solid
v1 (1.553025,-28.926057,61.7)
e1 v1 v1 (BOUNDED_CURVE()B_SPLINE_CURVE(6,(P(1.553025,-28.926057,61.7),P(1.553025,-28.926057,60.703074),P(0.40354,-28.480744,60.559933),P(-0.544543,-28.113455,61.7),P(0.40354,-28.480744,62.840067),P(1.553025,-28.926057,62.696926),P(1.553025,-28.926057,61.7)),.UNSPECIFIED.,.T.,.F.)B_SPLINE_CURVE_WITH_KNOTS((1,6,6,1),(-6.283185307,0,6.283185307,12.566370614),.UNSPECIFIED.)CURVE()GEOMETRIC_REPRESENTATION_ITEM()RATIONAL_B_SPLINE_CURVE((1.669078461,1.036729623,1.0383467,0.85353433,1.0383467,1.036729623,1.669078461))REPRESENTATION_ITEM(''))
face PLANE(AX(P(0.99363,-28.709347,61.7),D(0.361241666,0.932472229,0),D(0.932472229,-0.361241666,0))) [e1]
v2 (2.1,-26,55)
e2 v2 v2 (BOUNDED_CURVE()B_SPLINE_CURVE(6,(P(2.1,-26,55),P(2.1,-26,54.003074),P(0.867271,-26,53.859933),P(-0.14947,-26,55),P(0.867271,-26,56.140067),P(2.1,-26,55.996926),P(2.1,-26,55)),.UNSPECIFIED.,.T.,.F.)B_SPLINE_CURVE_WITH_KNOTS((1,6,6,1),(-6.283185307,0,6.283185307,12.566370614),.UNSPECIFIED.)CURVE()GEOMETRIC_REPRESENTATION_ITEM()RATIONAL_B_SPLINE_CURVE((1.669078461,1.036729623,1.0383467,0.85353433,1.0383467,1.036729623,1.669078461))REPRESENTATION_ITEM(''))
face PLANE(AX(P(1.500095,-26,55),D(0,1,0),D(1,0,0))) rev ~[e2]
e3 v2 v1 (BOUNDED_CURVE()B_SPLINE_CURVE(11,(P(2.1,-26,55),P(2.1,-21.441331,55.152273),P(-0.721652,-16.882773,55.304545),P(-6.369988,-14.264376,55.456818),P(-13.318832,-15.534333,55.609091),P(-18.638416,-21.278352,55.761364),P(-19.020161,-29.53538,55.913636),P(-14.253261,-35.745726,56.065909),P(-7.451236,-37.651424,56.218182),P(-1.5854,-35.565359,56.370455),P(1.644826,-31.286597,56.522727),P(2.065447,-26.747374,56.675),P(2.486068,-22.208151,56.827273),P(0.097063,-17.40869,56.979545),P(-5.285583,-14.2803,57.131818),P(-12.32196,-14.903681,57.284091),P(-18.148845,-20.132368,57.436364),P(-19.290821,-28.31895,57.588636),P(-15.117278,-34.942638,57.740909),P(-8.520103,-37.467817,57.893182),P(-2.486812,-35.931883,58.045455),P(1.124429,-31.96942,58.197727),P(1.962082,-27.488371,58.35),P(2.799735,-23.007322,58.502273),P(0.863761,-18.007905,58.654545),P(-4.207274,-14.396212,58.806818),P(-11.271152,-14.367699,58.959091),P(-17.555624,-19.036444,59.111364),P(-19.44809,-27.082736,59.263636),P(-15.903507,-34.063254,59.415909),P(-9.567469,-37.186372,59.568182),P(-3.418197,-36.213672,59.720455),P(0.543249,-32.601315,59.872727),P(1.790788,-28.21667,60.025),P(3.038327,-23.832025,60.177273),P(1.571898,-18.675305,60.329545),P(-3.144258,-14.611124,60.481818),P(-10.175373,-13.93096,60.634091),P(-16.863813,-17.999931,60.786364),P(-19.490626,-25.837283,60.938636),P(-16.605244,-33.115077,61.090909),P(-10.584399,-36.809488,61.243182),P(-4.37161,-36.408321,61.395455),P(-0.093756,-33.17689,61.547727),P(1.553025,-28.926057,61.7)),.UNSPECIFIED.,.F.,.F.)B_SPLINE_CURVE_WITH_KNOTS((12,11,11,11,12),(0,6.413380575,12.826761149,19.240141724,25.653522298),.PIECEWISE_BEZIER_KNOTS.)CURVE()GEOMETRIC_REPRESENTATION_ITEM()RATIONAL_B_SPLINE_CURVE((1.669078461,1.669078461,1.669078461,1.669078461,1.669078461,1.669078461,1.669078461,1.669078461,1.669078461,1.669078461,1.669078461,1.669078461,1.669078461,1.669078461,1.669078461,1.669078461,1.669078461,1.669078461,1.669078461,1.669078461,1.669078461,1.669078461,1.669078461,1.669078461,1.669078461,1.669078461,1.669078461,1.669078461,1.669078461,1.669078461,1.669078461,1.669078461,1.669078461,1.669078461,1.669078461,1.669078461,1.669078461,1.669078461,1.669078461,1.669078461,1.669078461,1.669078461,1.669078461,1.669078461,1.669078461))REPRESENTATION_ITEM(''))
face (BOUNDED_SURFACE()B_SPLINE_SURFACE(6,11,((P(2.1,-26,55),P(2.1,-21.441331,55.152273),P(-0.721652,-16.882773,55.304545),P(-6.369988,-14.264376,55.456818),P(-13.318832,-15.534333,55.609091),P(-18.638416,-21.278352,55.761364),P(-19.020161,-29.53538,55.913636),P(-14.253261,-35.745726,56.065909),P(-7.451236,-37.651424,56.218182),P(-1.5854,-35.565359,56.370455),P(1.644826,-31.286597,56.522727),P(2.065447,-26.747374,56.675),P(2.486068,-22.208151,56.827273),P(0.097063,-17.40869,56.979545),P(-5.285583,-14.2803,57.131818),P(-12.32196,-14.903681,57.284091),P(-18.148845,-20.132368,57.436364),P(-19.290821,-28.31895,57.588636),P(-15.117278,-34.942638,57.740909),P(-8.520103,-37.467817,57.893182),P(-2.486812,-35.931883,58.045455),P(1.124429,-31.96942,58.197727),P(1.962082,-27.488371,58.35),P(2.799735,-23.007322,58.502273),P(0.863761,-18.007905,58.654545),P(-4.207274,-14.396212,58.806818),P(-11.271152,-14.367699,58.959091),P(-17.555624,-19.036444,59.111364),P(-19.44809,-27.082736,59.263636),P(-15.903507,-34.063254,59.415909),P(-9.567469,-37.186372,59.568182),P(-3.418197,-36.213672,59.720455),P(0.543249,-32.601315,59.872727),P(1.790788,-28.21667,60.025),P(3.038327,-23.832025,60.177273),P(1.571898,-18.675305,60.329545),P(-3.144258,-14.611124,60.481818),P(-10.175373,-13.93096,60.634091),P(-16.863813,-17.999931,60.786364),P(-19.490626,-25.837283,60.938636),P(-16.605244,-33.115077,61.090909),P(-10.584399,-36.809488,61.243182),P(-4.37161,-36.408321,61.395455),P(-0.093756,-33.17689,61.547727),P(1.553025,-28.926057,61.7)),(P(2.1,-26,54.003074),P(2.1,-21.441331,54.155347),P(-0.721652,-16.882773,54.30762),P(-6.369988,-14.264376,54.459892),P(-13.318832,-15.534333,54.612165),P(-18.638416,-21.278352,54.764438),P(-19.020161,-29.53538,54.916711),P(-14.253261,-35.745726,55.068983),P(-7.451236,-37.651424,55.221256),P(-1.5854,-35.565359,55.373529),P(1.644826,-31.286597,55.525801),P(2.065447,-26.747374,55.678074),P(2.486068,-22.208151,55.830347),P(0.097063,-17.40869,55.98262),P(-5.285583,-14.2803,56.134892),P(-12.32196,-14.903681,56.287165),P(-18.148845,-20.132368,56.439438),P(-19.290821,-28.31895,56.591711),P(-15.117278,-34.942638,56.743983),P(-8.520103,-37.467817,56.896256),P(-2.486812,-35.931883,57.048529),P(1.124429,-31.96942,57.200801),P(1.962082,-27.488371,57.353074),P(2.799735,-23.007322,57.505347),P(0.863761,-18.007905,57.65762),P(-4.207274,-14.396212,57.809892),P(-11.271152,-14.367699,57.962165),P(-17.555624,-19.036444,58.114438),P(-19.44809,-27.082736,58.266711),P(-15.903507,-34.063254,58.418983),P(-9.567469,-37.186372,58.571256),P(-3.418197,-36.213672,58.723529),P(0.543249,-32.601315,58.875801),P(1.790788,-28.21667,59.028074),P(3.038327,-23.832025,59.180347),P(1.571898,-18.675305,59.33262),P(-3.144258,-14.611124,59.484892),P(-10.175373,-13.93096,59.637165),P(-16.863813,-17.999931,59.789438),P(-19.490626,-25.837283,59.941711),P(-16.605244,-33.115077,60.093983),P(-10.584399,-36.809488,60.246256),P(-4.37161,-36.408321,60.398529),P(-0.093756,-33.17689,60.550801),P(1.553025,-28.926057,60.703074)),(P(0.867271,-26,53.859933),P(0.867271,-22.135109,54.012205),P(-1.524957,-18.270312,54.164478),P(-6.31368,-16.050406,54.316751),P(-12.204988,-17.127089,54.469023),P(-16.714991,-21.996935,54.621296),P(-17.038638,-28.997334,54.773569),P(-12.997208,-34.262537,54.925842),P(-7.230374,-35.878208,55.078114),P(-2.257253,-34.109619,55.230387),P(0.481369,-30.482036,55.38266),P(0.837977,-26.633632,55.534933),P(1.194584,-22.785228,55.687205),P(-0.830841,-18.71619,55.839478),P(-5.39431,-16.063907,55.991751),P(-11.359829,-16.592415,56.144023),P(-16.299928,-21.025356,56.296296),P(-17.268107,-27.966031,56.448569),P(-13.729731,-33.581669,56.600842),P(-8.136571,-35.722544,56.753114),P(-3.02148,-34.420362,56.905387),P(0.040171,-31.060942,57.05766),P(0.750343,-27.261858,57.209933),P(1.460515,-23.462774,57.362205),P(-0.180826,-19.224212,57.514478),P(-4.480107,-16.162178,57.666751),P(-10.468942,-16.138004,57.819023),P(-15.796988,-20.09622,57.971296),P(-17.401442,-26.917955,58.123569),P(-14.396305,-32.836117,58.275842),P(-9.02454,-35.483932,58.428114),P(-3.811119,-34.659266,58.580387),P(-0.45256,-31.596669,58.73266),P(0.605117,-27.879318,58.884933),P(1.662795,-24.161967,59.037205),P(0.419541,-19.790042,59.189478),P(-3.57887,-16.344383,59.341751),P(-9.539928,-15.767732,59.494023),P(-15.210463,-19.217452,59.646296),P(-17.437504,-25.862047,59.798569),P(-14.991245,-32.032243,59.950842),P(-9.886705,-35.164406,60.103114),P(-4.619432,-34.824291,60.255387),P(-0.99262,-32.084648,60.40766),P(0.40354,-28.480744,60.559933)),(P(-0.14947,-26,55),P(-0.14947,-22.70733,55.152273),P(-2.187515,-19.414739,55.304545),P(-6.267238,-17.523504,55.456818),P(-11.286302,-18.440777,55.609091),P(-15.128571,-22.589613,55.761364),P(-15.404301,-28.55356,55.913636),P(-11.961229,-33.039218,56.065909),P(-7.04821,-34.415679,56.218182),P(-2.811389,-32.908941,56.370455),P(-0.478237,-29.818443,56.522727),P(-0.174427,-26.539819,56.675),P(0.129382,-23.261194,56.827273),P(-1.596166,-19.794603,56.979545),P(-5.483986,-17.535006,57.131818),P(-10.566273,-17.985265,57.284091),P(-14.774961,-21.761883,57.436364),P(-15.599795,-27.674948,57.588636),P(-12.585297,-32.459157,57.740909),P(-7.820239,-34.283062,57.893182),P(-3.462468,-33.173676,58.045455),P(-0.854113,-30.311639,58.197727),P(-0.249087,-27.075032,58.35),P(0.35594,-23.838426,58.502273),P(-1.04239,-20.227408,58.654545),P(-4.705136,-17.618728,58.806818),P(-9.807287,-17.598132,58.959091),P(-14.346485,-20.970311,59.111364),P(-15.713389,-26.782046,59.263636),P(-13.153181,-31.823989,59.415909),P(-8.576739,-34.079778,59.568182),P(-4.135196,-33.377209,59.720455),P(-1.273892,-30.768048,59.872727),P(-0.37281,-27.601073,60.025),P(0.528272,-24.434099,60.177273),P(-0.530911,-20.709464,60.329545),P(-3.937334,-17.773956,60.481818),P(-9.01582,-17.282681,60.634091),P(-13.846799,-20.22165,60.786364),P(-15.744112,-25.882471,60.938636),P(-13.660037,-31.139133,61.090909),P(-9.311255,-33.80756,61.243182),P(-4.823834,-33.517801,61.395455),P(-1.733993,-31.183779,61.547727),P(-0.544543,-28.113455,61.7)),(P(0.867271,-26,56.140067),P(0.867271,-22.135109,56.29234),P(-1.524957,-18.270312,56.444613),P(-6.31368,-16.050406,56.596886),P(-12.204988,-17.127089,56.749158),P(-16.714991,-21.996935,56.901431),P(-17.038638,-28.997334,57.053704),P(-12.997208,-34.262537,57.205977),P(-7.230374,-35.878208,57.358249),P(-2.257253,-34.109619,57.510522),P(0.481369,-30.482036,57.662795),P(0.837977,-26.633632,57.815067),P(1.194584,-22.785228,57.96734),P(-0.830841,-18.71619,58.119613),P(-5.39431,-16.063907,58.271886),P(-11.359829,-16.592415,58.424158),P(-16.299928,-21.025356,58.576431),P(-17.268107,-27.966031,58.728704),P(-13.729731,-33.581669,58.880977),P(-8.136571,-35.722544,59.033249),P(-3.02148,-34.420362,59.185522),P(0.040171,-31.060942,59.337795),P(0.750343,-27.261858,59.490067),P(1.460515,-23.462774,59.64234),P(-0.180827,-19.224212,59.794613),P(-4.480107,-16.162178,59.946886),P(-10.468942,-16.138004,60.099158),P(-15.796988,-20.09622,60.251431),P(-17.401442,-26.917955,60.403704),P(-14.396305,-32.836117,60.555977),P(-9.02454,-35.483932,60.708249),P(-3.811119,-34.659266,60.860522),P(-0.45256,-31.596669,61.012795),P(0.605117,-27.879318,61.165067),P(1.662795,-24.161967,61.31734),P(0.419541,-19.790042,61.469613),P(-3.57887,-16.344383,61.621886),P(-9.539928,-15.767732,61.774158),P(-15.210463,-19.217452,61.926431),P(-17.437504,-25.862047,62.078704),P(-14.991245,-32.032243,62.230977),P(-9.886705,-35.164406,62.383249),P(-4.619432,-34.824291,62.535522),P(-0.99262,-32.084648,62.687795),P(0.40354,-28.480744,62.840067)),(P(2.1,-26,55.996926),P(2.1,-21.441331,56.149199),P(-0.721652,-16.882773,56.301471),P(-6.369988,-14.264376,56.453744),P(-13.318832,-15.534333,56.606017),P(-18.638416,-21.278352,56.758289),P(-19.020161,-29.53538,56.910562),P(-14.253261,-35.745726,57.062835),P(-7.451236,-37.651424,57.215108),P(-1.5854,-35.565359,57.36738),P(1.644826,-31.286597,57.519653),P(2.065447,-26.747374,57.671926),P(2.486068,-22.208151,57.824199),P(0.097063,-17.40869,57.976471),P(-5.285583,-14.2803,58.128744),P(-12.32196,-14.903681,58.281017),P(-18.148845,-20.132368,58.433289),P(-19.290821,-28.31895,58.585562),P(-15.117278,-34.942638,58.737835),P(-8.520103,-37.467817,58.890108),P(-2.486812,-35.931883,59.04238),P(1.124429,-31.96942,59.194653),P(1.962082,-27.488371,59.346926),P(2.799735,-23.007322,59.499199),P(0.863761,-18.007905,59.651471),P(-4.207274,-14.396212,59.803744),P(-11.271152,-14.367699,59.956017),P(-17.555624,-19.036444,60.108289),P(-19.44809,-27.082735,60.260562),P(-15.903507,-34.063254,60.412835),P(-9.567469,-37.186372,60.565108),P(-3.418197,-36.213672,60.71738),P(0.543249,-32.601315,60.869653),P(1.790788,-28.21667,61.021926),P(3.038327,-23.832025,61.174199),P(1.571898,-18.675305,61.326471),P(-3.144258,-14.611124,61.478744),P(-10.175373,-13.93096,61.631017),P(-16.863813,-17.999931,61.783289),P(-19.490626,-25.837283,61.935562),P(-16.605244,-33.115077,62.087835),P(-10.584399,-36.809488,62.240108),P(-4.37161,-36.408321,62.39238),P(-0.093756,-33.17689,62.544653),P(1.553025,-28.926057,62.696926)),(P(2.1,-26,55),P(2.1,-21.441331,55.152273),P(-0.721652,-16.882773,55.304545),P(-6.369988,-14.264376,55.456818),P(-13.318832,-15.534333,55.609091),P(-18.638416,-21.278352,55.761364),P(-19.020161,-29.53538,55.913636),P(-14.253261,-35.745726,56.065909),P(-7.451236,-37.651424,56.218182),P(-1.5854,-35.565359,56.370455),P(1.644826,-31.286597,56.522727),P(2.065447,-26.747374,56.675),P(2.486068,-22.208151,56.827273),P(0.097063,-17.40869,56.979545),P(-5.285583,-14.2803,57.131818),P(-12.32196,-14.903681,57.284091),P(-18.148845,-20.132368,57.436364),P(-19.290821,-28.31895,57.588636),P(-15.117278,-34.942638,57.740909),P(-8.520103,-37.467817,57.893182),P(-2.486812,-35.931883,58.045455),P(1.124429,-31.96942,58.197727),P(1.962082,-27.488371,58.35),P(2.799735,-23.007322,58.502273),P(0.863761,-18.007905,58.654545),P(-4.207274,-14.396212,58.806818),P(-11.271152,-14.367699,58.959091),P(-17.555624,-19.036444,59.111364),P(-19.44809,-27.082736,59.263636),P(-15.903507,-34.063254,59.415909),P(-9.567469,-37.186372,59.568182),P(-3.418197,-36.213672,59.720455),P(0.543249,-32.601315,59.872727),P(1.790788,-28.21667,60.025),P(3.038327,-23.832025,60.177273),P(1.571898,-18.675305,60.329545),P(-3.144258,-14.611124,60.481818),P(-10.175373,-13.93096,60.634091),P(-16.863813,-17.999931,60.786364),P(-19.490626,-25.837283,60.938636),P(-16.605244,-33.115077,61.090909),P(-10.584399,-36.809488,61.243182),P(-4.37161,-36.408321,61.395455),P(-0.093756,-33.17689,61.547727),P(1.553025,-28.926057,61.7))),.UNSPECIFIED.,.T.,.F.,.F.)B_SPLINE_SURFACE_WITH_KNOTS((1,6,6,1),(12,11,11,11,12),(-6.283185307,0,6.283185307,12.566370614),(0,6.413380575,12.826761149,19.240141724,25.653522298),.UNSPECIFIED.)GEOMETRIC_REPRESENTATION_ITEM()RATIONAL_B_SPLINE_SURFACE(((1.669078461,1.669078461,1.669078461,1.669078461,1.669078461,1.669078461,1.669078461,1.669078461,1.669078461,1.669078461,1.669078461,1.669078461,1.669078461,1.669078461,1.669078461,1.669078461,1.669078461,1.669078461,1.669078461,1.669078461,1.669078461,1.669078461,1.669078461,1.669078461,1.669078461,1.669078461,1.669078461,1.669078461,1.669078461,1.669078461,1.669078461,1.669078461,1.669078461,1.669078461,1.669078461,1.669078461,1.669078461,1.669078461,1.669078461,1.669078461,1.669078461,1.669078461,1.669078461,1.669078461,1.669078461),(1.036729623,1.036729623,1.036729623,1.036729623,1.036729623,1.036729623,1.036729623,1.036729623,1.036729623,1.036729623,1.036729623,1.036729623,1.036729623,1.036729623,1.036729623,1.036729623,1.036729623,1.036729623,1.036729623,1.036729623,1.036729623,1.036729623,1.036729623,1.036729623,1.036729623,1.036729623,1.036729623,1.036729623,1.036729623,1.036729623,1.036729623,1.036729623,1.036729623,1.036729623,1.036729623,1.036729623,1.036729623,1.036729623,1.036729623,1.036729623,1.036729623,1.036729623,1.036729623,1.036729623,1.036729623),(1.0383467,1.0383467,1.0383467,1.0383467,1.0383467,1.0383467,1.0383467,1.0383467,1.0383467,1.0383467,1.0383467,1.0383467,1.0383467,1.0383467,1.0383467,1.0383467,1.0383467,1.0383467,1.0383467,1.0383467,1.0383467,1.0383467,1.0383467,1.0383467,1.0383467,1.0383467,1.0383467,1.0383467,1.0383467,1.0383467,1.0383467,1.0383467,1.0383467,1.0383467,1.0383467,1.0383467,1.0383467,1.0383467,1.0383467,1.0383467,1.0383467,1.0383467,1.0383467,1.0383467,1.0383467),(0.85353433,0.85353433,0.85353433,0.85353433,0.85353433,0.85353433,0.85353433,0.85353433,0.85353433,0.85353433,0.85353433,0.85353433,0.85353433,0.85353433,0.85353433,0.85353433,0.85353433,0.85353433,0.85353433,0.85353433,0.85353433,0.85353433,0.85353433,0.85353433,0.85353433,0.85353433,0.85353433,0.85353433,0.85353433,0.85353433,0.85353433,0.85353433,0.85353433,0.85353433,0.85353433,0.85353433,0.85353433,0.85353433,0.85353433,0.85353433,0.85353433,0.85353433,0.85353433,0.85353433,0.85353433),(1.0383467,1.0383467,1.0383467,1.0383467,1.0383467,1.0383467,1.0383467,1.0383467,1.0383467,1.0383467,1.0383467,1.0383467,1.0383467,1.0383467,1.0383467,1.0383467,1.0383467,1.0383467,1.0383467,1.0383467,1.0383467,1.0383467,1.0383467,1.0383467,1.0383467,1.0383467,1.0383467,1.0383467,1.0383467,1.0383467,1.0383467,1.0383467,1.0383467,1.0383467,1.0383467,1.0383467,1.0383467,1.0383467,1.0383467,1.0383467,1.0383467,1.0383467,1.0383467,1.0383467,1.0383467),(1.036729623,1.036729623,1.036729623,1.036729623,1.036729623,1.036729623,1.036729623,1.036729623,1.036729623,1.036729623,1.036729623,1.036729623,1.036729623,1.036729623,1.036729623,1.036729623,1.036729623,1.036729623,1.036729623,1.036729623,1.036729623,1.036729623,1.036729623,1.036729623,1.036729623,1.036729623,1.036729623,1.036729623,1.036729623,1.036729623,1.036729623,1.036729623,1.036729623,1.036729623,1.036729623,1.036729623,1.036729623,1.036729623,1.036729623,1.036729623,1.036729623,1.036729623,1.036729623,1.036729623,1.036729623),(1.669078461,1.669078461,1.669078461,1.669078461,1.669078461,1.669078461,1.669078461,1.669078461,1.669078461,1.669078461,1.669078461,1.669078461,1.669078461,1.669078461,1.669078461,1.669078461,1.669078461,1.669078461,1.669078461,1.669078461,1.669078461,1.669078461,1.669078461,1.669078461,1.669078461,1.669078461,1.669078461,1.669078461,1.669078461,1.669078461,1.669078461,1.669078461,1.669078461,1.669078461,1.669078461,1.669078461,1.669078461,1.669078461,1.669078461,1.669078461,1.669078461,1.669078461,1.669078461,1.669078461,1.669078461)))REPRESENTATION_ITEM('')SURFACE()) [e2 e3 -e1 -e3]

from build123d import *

# Parameters (mm, degrees)
MUELLE_B_PITCH  = 1.7
MUELLE_B_HEIGHT = 6.7
MUELLE_B_RADIUS = 7.5
SK_ALAMBRE_R    = 0.6


with BuildPart() as part:
    # Muelle_B: sweep along a helix
    with BuildLine() as muelle_b_path:
        Helix(MUELLE_B_PITCH, MUELLE_B_HEIGHT, MUELLE_B_RADIUS, center=(-6, -26, 115.103887471), direction=(0, 0, 1))
    # Sk_alambre → Muelle_B (sweep)
    with BuildSketch(Plane(origin=(0, -26, 0), x_dir=(1, 0, 0), z_dir=(0, 1, 0))):
        with Locations((1.5, -55)):
            Circle(SK_ALAMBRE_R)
    sweep(path=muelle_b_path.line, is_frenet=True)


solid = part.part
